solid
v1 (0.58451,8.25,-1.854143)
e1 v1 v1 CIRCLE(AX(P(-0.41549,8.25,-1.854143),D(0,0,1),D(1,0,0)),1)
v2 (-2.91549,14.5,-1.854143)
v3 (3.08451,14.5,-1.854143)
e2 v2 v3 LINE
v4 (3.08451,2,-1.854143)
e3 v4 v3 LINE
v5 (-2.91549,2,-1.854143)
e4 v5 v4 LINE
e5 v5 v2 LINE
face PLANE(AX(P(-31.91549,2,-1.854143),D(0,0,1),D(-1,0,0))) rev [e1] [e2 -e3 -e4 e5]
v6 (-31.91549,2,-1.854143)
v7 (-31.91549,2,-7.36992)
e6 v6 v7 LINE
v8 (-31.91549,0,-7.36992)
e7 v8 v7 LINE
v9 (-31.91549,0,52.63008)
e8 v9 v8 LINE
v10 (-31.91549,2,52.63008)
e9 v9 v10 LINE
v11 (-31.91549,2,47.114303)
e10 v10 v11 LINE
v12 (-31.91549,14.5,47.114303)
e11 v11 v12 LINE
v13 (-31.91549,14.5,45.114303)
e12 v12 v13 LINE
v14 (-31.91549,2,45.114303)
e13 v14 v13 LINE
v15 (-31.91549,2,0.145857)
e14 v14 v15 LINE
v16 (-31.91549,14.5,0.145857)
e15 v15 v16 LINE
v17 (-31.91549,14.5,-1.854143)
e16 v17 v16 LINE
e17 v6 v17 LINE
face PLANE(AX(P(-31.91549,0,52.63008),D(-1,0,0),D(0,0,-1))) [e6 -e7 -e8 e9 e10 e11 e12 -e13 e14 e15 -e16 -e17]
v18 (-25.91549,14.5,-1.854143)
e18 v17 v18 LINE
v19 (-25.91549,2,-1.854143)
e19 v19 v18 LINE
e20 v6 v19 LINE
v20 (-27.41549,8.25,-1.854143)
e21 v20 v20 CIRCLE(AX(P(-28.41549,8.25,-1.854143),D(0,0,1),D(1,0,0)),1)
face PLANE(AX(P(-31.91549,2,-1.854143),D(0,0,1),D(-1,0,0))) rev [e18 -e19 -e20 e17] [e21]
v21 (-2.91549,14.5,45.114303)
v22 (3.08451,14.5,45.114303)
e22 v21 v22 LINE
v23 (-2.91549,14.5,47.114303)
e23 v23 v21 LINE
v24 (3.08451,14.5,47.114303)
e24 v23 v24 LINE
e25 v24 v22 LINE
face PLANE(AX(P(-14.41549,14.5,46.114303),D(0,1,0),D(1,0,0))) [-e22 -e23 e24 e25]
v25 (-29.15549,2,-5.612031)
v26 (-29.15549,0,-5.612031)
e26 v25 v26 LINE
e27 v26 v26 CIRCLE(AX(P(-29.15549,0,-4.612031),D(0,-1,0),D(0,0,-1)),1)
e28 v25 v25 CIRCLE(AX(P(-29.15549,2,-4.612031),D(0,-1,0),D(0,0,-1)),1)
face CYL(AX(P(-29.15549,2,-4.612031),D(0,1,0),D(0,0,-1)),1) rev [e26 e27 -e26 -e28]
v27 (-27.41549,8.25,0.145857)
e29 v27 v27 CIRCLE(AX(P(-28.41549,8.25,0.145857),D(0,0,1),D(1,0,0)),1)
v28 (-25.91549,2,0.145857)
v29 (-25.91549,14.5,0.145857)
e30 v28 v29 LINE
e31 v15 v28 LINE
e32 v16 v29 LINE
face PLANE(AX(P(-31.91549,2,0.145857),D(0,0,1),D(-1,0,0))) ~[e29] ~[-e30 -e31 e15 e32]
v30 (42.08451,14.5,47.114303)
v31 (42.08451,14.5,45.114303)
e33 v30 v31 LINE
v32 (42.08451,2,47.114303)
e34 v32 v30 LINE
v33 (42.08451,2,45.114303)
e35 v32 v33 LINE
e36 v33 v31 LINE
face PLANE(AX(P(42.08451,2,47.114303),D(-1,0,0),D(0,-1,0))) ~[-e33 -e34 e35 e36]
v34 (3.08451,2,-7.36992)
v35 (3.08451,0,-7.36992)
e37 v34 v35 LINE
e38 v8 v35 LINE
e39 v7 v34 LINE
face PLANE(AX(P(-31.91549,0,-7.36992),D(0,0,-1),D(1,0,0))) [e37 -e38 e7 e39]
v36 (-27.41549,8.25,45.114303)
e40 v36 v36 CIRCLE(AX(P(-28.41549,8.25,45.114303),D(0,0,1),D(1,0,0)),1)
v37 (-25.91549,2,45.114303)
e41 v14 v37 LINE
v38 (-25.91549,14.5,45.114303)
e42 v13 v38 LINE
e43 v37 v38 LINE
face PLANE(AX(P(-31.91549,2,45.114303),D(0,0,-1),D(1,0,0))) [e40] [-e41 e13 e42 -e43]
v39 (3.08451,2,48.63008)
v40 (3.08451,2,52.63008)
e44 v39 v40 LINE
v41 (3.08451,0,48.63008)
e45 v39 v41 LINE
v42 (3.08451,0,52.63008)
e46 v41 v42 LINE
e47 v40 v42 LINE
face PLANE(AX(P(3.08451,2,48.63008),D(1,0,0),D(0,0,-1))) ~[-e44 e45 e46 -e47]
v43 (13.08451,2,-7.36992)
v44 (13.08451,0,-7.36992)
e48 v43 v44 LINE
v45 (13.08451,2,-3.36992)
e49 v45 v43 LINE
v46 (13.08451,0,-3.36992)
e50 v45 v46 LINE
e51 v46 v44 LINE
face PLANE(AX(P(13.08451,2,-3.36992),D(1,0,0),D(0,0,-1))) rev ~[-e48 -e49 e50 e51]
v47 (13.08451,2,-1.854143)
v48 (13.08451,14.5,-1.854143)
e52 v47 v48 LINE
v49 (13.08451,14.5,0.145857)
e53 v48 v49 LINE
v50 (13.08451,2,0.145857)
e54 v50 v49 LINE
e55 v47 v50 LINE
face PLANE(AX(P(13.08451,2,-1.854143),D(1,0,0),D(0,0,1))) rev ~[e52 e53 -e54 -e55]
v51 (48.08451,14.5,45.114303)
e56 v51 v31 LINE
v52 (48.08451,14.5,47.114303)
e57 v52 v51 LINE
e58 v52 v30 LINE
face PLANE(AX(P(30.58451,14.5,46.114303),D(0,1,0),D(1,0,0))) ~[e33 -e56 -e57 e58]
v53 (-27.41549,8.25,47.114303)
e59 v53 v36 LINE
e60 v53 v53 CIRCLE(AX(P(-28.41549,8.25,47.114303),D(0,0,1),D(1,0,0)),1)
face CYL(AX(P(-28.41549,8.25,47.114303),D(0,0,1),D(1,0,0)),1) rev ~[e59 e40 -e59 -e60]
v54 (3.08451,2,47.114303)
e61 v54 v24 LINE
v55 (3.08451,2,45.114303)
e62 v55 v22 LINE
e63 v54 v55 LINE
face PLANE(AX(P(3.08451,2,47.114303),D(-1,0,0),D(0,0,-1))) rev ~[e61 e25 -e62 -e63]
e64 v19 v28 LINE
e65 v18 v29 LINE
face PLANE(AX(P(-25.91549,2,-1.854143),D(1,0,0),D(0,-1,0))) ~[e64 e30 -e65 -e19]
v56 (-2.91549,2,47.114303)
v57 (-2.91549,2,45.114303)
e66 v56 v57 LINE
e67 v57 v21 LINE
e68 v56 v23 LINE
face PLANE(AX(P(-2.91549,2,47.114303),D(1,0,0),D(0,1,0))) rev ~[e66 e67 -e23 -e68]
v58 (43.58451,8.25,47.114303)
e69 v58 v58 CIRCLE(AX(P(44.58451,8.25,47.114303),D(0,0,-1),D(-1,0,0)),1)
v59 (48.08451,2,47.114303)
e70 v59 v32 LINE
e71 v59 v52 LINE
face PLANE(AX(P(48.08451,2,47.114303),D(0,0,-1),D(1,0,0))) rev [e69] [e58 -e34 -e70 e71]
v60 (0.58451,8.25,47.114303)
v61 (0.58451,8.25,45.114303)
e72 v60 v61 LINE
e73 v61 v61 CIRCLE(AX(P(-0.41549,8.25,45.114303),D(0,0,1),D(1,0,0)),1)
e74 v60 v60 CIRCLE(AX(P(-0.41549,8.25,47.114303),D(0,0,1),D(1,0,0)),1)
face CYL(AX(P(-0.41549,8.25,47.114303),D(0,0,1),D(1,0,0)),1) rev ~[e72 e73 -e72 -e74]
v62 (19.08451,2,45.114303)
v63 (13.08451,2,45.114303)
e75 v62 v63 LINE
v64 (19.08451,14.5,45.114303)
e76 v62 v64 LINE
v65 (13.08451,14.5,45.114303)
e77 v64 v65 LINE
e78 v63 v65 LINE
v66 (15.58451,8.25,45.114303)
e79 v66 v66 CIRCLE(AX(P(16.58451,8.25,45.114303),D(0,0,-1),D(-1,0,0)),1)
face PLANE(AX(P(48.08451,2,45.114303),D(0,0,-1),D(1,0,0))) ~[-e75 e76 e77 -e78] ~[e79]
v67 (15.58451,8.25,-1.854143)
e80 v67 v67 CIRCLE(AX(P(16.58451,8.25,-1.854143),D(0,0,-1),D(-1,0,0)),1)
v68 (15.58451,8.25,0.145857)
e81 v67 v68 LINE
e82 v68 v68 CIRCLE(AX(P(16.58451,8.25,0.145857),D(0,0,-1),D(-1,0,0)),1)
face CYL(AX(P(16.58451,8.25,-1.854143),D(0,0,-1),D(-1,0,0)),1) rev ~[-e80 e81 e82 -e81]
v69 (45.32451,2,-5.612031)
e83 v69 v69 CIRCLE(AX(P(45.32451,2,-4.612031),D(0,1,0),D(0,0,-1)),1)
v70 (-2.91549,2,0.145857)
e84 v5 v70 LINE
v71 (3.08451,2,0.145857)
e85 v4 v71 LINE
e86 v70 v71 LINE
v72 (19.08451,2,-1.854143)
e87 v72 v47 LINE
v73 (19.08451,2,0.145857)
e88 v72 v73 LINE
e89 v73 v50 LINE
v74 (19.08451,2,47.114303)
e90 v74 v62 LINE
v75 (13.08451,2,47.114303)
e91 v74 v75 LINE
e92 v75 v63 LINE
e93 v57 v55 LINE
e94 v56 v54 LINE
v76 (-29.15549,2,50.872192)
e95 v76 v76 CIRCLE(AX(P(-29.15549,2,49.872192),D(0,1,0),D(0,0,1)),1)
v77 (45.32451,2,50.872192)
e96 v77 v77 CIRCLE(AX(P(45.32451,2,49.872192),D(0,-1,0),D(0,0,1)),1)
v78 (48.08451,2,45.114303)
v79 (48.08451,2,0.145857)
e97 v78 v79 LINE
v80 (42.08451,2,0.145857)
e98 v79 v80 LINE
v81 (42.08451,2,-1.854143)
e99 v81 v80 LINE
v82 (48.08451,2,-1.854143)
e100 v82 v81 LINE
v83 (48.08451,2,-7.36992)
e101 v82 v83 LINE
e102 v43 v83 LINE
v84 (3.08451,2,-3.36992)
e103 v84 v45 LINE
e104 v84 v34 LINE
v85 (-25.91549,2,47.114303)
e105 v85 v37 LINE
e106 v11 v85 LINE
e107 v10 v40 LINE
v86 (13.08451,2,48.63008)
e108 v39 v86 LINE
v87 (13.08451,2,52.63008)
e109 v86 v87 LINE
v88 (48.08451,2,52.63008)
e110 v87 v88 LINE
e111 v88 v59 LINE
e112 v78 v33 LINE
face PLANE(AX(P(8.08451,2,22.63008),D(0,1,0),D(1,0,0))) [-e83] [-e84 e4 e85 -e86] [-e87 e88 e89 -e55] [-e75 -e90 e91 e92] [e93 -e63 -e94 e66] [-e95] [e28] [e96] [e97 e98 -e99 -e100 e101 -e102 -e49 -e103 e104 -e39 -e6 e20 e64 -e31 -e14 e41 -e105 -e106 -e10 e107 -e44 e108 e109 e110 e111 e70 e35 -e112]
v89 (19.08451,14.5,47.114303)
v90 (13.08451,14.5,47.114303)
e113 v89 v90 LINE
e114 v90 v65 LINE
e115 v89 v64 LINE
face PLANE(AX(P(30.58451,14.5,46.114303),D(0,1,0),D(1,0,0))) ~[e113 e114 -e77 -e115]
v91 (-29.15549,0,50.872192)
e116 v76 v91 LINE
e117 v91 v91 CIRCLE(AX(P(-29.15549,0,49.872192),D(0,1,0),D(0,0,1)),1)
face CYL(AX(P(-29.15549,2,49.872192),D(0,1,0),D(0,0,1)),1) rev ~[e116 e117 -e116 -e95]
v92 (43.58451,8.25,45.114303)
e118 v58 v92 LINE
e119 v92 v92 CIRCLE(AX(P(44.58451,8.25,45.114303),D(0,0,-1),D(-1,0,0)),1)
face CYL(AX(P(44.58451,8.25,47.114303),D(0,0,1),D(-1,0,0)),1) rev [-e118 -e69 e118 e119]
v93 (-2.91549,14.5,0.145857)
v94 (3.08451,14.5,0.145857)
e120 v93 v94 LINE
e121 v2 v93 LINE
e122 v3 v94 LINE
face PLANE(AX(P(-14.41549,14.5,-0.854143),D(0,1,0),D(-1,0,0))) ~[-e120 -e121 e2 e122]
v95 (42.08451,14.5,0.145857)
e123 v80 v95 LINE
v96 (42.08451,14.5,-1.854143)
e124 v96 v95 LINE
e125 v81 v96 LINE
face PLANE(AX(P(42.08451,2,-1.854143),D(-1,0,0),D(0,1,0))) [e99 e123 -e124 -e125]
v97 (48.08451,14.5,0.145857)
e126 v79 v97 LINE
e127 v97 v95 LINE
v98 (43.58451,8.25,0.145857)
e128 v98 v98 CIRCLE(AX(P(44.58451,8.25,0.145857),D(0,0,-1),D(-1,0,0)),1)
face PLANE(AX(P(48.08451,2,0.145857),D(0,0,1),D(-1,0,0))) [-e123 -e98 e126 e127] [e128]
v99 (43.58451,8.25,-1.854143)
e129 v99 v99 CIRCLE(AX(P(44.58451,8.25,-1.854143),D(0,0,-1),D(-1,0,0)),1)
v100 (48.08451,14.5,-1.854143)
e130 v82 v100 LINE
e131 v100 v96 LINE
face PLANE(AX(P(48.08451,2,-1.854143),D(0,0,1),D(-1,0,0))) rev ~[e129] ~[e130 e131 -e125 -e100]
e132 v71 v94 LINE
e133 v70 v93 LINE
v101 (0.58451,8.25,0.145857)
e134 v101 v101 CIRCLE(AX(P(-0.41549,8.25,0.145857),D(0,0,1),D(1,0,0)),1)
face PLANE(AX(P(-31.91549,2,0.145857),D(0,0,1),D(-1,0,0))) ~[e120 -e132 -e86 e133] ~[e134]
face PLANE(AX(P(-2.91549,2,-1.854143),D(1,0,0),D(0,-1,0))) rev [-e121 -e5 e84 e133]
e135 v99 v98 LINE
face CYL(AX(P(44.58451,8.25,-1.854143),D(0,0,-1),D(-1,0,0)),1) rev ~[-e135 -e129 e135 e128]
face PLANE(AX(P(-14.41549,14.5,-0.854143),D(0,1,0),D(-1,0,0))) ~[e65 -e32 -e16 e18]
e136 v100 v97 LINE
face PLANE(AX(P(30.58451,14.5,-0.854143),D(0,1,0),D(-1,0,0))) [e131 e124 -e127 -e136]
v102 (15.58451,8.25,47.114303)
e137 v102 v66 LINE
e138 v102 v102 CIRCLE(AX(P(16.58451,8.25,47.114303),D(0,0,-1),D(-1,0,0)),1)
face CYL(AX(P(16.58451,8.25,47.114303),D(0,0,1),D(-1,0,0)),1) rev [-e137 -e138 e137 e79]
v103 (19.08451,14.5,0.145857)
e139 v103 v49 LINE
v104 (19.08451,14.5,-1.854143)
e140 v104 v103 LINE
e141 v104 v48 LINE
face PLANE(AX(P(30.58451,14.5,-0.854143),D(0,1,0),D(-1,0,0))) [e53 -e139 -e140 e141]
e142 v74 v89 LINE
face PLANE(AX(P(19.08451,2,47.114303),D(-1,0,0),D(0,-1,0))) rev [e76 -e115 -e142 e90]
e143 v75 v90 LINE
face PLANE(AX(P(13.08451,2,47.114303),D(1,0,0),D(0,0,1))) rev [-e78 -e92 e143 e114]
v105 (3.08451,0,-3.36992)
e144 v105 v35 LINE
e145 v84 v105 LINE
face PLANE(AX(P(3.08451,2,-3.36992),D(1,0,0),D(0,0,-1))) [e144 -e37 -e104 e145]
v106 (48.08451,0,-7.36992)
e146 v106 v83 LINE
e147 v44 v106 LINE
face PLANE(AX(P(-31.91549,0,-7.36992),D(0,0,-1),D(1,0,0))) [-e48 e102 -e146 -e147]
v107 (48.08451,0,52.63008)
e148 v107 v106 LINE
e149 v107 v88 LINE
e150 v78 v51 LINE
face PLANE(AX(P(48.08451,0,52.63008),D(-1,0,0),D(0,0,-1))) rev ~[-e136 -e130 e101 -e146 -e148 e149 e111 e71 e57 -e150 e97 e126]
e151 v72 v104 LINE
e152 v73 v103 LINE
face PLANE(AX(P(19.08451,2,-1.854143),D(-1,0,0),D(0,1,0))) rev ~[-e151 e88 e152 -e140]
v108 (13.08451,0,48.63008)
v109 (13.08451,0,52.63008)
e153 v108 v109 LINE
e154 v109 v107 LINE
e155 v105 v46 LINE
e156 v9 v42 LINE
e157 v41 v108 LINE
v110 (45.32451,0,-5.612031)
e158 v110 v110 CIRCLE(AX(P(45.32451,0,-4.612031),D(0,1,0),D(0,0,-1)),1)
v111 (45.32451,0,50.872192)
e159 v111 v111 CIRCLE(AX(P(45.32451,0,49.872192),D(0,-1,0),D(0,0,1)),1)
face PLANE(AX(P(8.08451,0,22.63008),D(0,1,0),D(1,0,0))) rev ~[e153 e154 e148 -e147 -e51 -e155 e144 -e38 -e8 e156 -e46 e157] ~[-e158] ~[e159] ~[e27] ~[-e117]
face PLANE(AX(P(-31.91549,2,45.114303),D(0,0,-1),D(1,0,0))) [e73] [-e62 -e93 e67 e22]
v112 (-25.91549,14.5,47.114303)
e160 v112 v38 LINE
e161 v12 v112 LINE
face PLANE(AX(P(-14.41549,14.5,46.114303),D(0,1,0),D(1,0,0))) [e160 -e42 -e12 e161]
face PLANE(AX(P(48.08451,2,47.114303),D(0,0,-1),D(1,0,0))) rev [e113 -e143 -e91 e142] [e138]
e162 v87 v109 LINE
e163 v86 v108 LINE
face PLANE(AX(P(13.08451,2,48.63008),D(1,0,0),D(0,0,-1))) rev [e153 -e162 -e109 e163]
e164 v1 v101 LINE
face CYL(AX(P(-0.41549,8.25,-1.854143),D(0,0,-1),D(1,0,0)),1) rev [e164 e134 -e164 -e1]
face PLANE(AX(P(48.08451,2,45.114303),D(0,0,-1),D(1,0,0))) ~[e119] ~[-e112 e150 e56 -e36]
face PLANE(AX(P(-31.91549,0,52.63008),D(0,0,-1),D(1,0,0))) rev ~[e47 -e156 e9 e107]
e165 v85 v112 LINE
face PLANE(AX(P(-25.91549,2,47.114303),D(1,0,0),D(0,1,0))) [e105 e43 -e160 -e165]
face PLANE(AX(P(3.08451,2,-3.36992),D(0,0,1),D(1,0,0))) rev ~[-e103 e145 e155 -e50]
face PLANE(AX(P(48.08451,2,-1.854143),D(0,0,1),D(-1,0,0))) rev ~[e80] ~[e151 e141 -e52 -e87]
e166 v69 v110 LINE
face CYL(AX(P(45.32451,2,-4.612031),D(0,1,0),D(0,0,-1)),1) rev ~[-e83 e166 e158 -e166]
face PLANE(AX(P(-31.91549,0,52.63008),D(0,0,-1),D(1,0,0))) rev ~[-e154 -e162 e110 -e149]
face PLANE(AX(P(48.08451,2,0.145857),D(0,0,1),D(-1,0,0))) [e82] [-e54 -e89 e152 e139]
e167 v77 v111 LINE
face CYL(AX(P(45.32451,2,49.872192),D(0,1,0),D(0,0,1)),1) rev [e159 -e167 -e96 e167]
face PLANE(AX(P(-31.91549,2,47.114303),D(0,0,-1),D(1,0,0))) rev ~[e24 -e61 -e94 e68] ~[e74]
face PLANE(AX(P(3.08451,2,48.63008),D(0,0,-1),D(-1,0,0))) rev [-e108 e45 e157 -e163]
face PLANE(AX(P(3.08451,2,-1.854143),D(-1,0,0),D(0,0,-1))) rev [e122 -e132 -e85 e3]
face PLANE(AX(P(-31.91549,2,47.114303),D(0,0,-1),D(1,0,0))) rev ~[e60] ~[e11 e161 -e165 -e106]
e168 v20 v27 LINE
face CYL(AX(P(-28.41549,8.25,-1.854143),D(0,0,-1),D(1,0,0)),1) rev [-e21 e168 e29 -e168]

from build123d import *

# Parameters (mm, degrees)
SKETCH1_W               = 80
SKETCH1_H               = 60
BOSS_EXTRUDE1_DEPTH     = 2
SKETCH2_W               = 35
SKETCH2_H               = 2
BOSS_EXTRUDE2_DEPTH     = 12.5
CUT_EXTRUDE1_REACH      = 76.101
SKETCH3_R               = 1
SKETCH3_W               = 23
SKETCH3_H               = 12.5
MIRROR2_COPY_1_SKETCH_W = 35
MIRROR2_COPY_1_SKETCH_H = 2
MIRROR2_COPY_1_DEPTH    = 12.5
MIRROR2_COPY_2_REACH    = 76.101
MIRROR2_COPY_2_SKETCH_R = 1
MIRROR2_COPY_2_SKETCH_W = 23
MIRROR2_COPY_2_SKETCH_H = 12.5
CUT_EXTRUDE2_REACH      = 74.376
SKETCH4_R               = 1
MIRROR4_COPY_1_REACH    = 74.376
MIRROR4_COPY_1_SKETCH_R = 1
SKETCH5_W               = 10
SKETCH5_H               = 4
CUT_EXTRUDE3_DEPTH      = 10


with BuildPart() as part:
    # Sketch1 → Boss-Extrude1 (new body)
    with BuildSketch(Plane(origin=(0, 0, 0), x_dir=(1, 0, 0), z_dir=(0, 1, 0))):
        with Locations((8.084510341, -22.630080351)):
            Rectangle(SKETCH1_W, SKETCH1_H)
    extrude(amount=BOSS_EXTRUDE1_DEPTH)

    # Sketch2 → Boss-Extrude2 (add)
    with BuildSketch(Plane(origin=(0, 2, 0), x_dir=(1, 0, 0), z_dir=(0, 1, 0))):
        with Locations((-14.415489659, -46.114303401)):
            Rectangle(SKETCH2_W, SKETCH2_H)
    boss_extrude2 = extrude(amount=BOSS_EXTRUDE2_DEPTH)

    # Sketch3 → Cut-Extrude1 (cut, up to next)
    with BuildSketch(Plane.XY.offset(47.114303401), mode=Mode.PRIVATE) as cut_extrude1_sk1:
        with Locations((-0.415489659, 8.25)):
            Circle(SKETCH3_R)
    cut_extrude1_tool1 = extrude(cut_extrude1_sk1.sketch, amount=-CUT_EXTRUDE1_REACH, mode=Mode.PRIVATE) & part.part
    # Sketch3 → Cut-Extrude1 (cut, up to next)
    with BuildSketch(Plane.XY.offset(47.114303401), mode=Mode.PRIVATE) as cut_extrude1_sk2:
        with Locations((-28.415489659, 8.25)):
            Circle(SKETCH3_R)
    cut_extrude1_tool2 = extrude(cut_extrude1_sk2.sketch, amount=-CUT_EXTRUDE1_REACH, mode=Mode.PRIVATE) & part.part
    # Sketch3 → Cut-Extrude1 (cut, up to next)
    with BuildSketch(Plane.XY.offset(47.114303401), mode=Mode.PRIVATE) as cut_extrude1_sk3:
        with Locations((-14.415489659, 8.25)):
            Rectangle(SKETCH3_W, SKETCH3_H)
    cut_extrude1_tool3 = extrude(cut_extrude1_sk3.sketch, amount=-CUT_EXTRUDE1_REACH, mode=Mode.PRIVATE) & part.part
    cut_extrude1_1 = cut_extrude1_tool1.solids().sort_by_distance((-0.41549, 8.25, 47.114303))[0]
    add(cut_extrude1_1, mode=Mode.SUBTRACT)
    cut_extrude1_2 = cut_extrude1_tool2.solids().sort_by_distance((-28.41549, 8.25, 47.114303))[0]
    add(cut_extrude1_2, mode=Mode.SUBTRACT)
    cut_extrude1_3 = cut_extrude1_tool3.solids().sort_by_distance((-14.41549, 8.25, 47.114303))[0]
    add(cut_extrude1_3, mode=Mode.SUBTRACT)
    cut_extrude1 = cut_extrude1_1 + cut_extrude1_2 + cut_extrude1_3  # Cut-Extrude1 as one shape, for the pattern or mirror that repeats it

    # Mirror1: Boss-Extrude2, Cut-Extrude1 across plane
    add(boss_extrude2.mirror(Plane(origin=(8.084510341, 0, 0), x_dir=(0, 0, 1), z_dir=(1, 0, 0))))
    add(cut_extrude1.mirror(Plane(origin=(8.084510341, 0, 0), x_dir=(0, 0, 1), z_dir=(1, 0, 0))), mode=Mode.SUBTRACT)

    # Mirror2: Boss-Extrude2, Cut-Extrude1 across plane
    add(boss_extrude2.mirror(Plane.XY.offset(22.630080351)))
    add(cut_extrude1.mirror(Plane.XY.offset(22.630080351)), mode=Mode.SUBTRACT)

    # Mirror2 copy 1 sketch → Mirror2 copy 1 (add)
    with BuildSketch(Plane(origin=(16.169020682, 2, 45.260160703), x_dir=(-1, 0, 0), z_dir=(0, 1, 0))):
        with Locations((-14.415489659, -46.114303401)):
            Rectangle(MIRROR2_COPY_1_SKETCH_W, MIRROR2_COPY_1_SKETCH_H)
    extrude(amount=MIRROR2_COPY_1_DEPTH)

    # Mirror2 copy 2 sketch → Mirror2 copy 2 (cut, up to next)
    with BuildSketch(Plane(origin=(16.169020682, 0, -1.854142699), x_dir=(-1, 0, 0), z_dir=(0, 0, -1)), mode=Mode.PRIVATE) as mirror2_copy_2_sk1:
        with Locations((-0.415489659, 8.25)):
            Circle(MIRROR2_COPY_2_SKETCH_R)
    mirror2_copy_2_tool1 = extrude(mirror2_copy_2_sk1.sketch, amount=-MIRROR2_COPY_2_REACH, mode=Mode.PRIVATE) & part.part
    # Mirror2 copy 2 sketch → Mirror2 copy 2 (cut, up to next)
    with BuildSketch(Plane(origin=(16.169020682, 0, -1.854142699), x_dir=(-1, 0, 0), z_dir=(0, 0, -1)), mode=Mode.PRIVATE) as mirror2_copy_2_sk2:
        with Locations((-28.415489659, 8.25)):
            Circle(MIRROR2_COPY_2_SKETCH_R)
    mirror2_copy_2_tool2 = extrude(mirror2_copy_2_sk2.sketch, amount=-MIRROR2_COPY_2_REACH, mode=Mode.PRIVATE) & part.part
    # Mirror2 copy 2 sketch → Mirror2 copy 2 (cut, up to next)
    with BuildSketch(Plane(origin=(16.169020682, 0, -1.854142699), x_dir=(-1, 0, 0), z_dir=(0, 0, -1)), mode=Mode.PRIVATE) as mirror2_copy_2_sk3:
        with Locations((-14.415489659, 8.25)):
            Rectangle(MIRROR2_COPY_2_SKETCH_W, MIRROR2_COPY_2_SKETCH_H)
    mirror2_copy_2_tool3 = extrude(mirror2_copy_2_sk3.sketch, amount=-MIRROR2_COPY_2_REACH, mode=Mode.PRIVATE) & part.part
    add(mirror2_copy_2_tool1.solids().sort_by_distance((16.584510682, 8.25, -1.854142297))[0], mode=Mode.SUBTRACT)
    add(mirror2_copy_2_tool2.solids().sort_by_distance((44.584510682, 8.25, -1.854142297))[0], mode=Mode.SUBTRACT)
    add(mirror2_copy_2_tool3.solids().sort_by_distance((30.584510682, 8.25, -1.854142297))[0], mode=Mode.SUBTRACT)

    # Sketch4 → Cut-Extrude2 (cut, up to next)
    with BuildSketch(Plane(origin=(0, 2, 0), x_dir=(1, 0, 0), z_dir=(0, 1, 0)), mode=Mode.PRIVATE) as cut_extrude2_sk1:
        with Locations(Location((-29.155489659, -49.872191876, 0), (0, 0, 270))):
            Circle(SKETCH4_R)
    cut_extrude2_tool1 = extrude(cut_extrude2_sk1.sketch, amount=-CUT_EXTRUDE2_REACH, mode=Mode.PRIVATE) & part.part
    cut_extrude2 = cut_extrude2_tool1.solids().sort_by_distance((-29.15549, 2, 49.872192))[0]
    add(cut_extrude2, mode=Mode.SUBTRACT)

    # Mirror3: Cut-Extrude2 across plane
    add(cut_extrude2.mirror(Plane(origin=(8.084510341, 0, 0), x_dir=(0, 0, 1), z_dir=(1, 0, 0))), mode=Mode.SUBTRACT)

    # Mirror4: Cut-Extrude2 across plane
    add(cut_extrude2.mirror(Plane.XY.offset(22.630080351)), mode=Mode.SUBTRACT)

    # Mirror4 copy 1 sketch → Mirror4 copy 1 (cut, up to next)
    with BuildSketch(Plane(origin=(16.169020682, 2, 45.260160703), x_dir=(-1, 0, 0), z_dir=(0, 1, 0)), mode=Mode.PRIVATE) as mirror4_copy_1_sk1:
        with Locations(Location((-29.155489659, -49.872191876, 0), (0, 0, 270))):
            Circle(MIRROR4_COPY_1_SKETCH_R)
    mirror4_copy_1_tool1 = extrude(mirror4_copy_1_sk1.sketch, amount=-MIRROR4_COPY_1_REACH, mode=Mode.PRIVATE) & part.part
    add(mirror4_copy_1_tool1.solids().sort_by_distance((45.324510682, 2, -4.612031297))[0], mode=Mode.SUBTRACT)

    # Sketch5 → Cut-Extrude3 (cut)
    with BuildSketch(Plane(origin=(0, 2, 0), x_dir=(1, 0, 0), z_dir=(0, 1, 0))):
        with Locations((8.084510341, 5.369919649)):
            Rectangle(SKETCH5_W, SKETCH5_H)
    cut_extrude3 = extrude(amount=-CUT_EXTRUDE3_DEPTH, mode=Mode.SUBTRACT)

    # Mirror5: Cut-Extrude3 across plane
    add(cut_extrude3.mirror(Plane.XY.offset(22.630080351)), mode=Mode.SUBTRACT)


solid = part.part
